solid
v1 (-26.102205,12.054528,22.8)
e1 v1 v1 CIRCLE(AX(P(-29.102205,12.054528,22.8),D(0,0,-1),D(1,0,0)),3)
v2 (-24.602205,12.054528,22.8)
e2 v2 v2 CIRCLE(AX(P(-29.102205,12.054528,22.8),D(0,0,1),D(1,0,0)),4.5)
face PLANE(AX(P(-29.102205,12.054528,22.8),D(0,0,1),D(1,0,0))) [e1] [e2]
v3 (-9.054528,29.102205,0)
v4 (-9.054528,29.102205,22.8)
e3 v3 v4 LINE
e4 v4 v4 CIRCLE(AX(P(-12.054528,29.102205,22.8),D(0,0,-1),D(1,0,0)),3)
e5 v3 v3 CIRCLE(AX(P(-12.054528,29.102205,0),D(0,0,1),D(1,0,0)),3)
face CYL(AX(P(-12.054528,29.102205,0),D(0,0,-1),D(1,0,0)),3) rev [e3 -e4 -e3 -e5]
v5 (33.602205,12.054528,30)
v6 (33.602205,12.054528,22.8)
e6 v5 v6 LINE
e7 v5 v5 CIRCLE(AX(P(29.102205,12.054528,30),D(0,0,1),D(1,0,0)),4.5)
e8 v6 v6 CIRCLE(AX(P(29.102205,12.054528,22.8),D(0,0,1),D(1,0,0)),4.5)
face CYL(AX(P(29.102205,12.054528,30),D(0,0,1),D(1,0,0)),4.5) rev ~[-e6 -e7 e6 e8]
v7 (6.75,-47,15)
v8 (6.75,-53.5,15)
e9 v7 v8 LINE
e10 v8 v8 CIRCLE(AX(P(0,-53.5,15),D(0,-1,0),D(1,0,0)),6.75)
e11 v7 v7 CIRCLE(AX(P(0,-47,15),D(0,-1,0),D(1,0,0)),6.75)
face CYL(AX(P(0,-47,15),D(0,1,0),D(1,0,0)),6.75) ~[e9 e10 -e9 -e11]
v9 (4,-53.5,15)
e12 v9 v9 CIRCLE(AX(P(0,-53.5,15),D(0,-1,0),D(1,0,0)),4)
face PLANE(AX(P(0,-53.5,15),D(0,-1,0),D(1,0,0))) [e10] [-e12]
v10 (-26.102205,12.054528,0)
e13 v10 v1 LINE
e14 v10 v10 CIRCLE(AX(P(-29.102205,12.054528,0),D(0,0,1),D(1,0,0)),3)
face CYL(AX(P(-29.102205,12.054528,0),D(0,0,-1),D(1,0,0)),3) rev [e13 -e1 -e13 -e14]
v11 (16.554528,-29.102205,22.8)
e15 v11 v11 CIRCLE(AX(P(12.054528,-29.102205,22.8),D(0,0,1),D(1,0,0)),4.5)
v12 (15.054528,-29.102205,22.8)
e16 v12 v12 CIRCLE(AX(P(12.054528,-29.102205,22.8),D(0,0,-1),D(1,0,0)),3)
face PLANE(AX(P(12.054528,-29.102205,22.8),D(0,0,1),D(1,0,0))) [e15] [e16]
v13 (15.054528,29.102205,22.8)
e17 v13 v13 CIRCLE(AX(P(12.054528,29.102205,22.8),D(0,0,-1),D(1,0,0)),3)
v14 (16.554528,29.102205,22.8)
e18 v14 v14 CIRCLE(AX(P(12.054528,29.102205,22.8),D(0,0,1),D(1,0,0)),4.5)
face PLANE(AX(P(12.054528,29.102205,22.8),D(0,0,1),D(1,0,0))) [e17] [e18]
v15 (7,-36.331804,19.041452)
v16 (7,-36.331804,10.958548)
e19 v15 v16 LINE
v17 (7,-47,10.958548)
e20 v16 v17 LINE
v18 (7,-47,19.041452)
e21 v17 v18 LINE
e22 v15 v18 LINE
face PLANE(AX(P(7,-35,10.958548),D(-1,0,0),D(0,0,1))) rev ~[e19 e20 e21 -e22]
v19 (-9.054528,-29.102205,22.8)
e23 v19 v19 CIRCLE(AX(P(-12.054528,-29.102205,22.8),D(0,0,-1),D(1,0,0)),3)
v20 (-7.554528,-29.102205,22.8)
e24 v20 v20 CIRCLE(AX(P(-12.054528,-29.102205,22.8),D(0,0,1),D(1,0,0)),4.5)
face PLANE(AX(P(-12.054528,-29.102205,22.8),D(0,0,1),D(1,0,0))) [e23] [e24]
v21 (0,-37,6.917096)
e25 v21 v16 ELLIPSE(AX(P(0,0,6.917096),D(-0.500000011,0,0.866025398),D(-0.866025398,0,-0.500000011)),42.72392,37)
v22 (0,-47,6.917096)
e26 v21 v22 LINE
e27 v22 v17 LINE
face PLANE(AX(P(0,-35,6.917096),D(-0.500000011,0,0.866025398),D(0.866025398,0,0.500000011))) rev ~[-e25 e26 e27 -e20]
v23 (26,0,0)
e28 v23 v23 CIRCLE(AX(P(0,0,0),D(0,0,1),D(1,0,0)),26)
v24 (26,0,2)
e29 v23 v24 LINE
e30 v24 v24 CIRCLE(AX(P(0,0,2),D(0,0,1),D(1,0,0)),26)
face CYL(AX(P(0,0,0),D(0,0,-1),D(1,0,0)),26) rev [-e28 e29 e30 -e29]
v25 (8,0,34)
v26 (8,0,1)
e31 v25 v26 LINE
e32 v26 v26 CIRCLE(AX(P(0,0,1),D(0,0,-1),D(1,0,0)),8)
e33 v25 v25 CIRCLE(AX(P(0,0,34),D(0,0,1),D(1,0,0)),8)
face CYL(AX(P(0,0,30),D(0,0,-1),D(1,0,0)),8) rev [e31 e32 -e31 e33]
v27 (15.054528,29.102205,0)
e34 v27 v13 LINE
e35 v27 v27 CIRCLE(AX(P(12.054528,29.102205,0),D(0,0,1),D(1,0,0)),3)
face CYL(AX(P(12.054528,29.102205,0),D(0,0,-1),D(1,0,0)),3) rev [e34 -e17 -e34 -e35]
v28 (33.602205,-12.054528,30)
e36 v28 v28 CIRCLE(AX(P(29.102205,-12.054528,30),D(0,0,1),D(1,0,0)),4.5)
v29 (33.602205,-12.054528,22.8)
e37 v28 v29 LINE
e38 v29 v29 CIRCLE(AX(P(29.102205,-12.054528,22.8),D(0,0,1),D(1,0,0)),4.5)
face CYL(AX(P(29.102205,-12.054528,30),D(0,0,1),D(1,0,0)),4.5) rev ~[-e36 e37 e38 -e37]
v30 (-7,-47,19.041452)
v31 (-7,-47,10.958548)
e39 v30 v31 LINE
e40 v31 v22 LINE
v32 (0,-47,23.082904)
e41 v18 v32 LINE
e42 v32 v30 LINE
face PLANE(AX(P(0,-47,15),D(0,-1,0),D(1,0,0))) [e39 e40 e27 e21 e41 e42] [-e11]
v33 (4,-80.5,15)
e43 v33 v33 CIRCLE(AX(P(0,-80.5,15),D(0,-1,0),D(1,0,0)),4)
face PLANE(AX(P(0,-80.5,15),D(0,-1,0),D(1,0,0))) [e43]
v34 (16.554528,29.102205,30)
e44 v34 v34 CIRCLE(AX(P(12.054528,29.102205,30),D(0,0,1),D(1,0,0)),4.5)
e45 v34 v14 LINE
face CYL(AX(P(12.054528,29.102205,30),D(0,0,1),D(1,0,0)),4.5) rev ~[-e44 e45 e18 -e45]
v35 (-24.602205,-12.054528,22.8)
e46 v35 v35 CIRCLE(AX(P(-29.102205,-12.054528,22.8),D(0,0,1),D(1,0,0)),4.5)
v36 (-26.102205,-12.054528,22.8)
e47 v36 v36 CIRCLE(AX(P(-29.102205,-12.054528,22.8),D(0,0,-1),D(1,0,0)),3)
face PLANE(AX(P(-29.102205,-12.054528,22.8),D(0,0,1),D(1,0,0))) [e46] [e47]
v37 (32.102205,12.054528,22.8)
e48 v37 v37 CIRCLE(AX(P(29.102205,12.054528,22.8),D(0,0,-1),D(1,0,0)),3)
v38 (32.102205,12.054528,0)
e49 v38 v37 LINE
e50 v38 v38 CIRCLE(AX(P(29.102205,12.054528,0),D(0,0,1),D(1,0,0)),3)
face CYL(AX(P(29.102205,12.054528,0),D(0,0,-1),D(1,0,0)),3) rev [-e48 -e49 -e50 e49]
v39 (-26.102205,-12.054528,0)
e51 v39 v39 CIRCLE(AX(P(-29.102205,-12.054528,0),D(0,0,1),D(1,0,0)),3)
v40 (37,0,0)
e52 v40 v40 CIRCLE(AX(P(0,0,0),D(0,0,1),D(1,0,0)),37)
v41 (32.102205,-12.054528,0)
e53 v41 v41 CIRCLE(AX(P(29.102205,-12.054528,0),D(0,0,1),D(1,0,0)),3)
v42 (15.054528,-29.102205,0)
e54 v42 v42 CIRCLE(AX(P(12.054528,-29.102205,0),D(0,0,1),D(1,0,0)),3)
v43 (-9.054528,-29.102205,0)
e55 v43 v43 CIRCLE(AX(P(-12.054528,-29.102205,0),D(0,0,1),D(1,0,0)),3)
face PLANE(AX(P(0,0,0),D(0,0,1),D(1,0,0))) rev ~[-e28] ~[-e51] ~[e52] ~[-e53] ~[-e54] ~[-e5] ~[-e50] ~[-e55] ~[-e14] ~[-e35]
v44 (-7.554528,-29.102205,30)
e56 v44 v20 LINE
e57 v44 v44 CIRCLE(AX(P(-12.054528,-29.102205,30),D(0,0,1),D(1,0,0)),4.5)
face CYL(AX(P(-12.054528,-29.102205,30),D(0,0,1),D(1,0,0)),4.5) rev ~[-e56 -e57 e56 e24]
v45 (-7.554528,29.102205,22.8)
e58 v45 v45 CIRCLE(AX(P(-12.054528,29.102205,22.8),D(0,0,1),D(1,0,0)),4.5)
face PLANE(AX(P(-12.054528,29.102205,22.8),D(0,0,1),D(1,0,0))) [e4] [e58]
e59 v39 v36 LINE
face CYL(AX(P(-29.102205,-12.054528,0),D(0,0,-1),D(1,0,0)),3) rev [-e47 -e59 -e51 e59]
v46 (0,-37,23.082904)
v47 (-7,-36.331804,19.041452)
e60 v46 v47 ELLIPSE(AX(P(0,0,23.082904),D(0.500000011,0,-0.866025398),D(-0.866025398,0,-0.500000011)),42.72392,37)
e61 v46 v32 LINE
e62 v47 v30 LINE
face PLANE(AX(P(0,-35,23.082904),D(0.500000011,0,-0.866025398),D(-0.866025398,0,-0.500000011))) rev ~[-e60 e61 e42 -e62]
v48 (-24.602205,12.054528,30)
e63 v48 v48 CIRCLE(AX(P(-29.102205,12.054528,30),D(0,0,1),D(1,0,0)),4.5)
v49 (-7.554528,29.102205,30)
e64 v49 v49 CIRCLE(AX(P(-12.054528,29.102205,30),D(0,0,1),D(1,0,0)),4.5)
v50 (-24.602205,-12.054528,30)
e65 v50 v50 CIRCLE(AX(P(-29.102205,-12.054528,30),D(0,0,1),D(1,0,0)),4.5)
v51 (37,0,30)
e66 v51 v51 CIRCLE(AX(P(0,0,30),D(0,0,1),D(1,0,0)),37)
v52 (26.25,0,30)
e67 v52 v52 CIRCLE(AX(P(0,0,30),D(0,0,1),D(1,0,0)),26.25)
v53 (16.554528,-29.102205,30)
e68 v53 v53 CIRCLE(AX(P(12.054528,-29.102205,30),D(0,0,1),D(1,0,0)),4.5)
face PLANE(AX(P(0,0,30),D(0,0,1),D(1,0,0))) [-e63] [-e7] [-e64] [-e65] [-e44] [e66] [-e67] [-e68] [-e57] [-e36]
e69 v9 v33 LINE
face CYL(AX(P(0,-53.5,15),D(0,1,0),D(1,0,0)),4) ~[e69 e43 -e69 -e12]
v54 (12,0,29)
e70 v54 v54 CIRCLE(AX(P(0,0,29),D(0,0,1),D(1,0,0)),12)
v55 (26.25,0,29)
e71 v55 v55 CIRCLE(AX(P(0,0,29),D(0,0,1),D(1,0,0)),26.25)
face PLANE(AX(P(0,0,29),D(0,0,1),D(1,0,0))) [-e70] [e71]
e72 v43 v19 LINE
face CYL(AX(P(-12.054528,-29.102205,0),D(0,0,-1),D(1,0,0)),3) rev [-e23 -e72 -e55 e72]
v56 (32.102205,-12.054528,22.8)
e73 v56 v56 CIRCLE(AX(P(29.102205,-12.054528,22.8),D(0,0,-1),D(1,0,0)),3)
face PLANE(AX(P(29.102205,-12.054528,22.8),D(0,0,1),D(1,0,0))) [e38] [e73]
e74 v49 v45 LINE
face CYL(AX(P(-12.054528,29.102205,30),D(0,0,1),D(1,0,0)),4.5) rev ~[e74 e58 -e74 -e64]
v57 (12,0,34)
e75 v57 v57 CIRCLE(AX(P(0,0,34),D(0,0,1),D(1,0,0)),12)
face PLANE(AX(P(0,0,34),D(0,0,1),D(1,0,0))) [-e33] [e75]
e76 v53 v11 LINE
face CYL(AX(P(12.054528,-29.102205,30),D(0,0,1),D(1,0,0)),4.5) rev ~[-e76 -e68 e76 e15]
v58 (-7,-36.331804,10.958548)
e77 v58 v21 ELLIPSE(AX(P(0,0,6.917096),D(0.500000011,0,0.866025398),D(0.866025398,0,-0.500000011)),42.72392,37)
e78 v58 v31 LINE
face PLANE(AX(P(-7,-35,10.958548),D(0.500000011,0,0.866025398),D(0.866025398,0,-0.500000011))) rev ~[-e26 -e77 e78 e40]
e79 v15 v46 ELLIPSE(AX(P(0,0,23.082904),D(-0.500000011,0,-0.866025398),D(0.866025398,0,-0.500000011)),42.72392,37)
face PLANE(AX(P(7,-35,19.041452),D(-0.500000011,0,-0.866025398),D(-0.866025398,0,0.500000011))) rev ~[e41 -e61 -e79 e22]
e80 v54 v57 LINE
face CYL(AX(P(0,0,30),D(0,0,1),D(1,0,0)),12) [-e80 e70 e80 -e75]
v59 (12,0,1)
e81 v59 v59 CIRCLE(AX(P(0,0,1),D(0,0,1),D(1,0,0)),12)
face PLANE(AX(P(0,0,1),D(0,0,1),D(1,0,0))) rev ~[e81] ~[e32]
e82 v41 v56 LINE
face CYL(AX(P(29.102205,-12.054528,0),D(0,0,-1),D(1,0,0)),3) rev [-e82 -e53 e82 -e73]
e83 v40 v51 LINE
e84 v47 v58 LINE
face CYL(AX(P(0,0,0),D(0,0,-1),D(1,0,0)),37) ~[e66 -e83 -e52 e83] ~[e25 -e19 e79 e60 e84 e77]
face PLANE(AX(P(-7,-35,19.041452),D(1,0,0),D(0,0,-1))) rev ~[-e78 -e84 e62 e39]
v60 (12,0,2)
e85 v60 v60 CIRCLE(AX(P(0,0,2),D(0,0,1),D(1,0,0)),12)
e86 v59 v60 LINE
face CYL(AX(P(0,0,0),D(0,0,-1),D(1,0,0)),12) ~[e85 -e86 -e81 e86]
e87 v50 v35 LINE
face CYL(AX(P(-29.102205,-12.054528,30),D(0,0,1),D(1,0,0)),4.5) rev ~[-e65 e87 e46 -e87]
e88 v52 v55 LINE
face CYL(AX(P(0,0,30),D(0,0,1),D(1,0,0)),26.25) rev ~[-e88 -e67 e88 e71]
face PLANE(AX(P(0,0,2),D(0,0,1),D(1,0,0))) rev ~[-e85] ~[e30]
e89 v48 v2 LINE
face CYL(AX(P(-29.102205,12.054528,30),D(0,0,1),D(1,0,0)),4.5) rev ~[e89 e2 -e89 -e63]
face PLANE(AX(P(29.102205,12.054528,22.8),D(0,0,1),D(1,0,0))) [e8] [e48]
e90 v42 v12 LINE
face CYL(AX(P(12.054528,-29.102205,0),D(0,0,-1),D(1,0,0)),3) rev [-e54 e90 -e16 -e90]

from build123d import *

# Parameters (mm, degrees)
SKETCH_R        = 37
SKETCH_R_2      = 8
SKETCH_R_3      = 3
PAD_DEPTH       = 30
SKETCH006_R     = 12
SKETCH006_R_2   = 8
PAD001_DEPTH    = 4
SKETCH007_R     = 4.5
POCKET_DEPTH    = 7.2
PAD002_DEPTH    = 12
SKETCH009_R     = 6.75
PAD003_DEPTH    = 6.5
SKETCH010_R     = 4
PAD004_DEPTH    = 27
SKETCH011_R     = 26.25
SKETCH011_R_2   = 12
POCKET001_DEPTH = 1
SKETCH012_R     = 26
SKETCH012_R_2   = 12
POCKET002_DEPTH = 2
SKETCH013_R     = 12
POCKET003_DEPTH = 1


with BuildPart() as part:
    # Sketch → Pad (new body)
    with BuildSketch(Plane.XY):
        Circle(SKETCH_R)
        Circle(SKETCH_R_2, mode=Mode.SUBTRACT)
        with Locations((12.054528, 29.102205)):
            Circle(SKETCH_R_3, mode=Mode.SUBTRACT)
        with Locations((-29.102205, 12.054528)):
            Circle(SKETCH_R_3, mode=Mode.SUBTRACT)
        with Locations((-29.102205, -12.054528)):
            Circle(SKETCH_R_3, mode=Mode.SUBTRACT)
        with Locations((-12.054528, -29.102205)):
            Circle(SKETCH_R_3, mode=Mode.SUBTRACT)
        with Locations((29.102205, -12.054528)):
            Circle(SKETCH_R_3, mode=Mode.SUBTRACT)
        with Locations((29.102205, 12.054528)):
            Circle(SKETCH_R_3, mode=Mode.SUBTRACT)
        with Locations((-12.054528, 29.102205)):
            Circle(SKETCH_R_3, mode=Mode.SUBTRACT)
        with Locations((12.054528, -29.102205)):
            Circle(SKETCH_R_3, mode=Mode.SUBTRACT)
    extrude(amount=PAD_DEPTH)

    # Sketch006 → Pad001 (join)
    with BuildSketch(Plane.XY.offset(30)):
        Circle(SKETCH006_R)
        Circle(SKETCH006_R_2, mode=Mode.SUBTRACT)
    extrude(amount=PAD001_DEPTH)

    # Sketch007 (on Face3 of Pad001) → Pocket (cut)
    with BuildSketch(Plane.XY.offset(30)):
        with Locations((-29.102205, 12.054528)):
            Circle(SKETCH007_R)
        with Locations((29.102205, 12.054528)):
            Circle(SKETCH007_R)
        with Locations((12.054528, 29.102205)):
            Circle(SKETCH007_R)
        with Locations((-12.054528, 29.102205)):
            Circle(SKETCH007_R)
        with Locations((12.054528, -29.102205)):
            Circle(SKETCH007_R)
        with Locations((-29.102205, -12.054528)):
            Circle(SKETCH007_R)
        with Locations((-12.054528, -29.102205)):
            Circle(SKETCH007_R)
        with Locations((29.102205, -12.054528)):
            Circle(SKETCH007_R)
    extrude(amount=-POCKET_DEPTH, mode=Mode.SUBTRACT)

    # Sketch008 → Pad002 (join)
    with BuildSketch(Plane.XZ.offset(35)):
        Polygon((0, 23.082904), (-7, 19.041452), (-7, 10.958548), (0, 6.917096), (7, 10.958548), (7, 19.041452), align=None)
    extrude(amount=PAD002_DEPTH)

    # Sketch009 (on Face28 of Pad002) → Pad003 (join)
    with BuildSketch(Plane.XZ.offset(47)):
        with Locations((0, 15)):
            Circle(SKETCH009_R)
    extrude(amount=PAD003_DEPTH)

    # Sketch010 (on Face40 of Pad003) → Pad004 (join)
    with BuildSketch(Plane.XZ.offset(53.5)):
        with Locations((0, 15)):
            Circle(SKETCH010_R)
    extrude(amount=PAD004_DEPTH)

    # Sketch011 (on Face3 of Pad004) → Pocket001 (cut)
    with BuildSketch(Plane.XY.offset(30)):
        Circle(SKETCH011_R)
        Circle(SKETCH011_R_2, mode=Mode.SUBTRACT)
    extrude(amount=-POCKET001_DEPTH, mode=Mode.SUBTRACT)

    # Sketch012 → Pocket002 (cut)
    with BuildSketch(Plane.XY):
        Circle(SKETCH012_R)
        Circle(SKETCH012_R_2, mode=Mode.SUBTRACT)
    extrude(amount=POCKET002_DEPTH, mode=Mode.SUBTRACT)

    # Sketch013 → Pocket003 (cut)
    with BuildSketch(Plane.XY):
        Circle(SKETCH013_R)
    extrude(amount=POCKET003_DEPTH, mode=Mode.SUBTRACT)


solid = part.part
